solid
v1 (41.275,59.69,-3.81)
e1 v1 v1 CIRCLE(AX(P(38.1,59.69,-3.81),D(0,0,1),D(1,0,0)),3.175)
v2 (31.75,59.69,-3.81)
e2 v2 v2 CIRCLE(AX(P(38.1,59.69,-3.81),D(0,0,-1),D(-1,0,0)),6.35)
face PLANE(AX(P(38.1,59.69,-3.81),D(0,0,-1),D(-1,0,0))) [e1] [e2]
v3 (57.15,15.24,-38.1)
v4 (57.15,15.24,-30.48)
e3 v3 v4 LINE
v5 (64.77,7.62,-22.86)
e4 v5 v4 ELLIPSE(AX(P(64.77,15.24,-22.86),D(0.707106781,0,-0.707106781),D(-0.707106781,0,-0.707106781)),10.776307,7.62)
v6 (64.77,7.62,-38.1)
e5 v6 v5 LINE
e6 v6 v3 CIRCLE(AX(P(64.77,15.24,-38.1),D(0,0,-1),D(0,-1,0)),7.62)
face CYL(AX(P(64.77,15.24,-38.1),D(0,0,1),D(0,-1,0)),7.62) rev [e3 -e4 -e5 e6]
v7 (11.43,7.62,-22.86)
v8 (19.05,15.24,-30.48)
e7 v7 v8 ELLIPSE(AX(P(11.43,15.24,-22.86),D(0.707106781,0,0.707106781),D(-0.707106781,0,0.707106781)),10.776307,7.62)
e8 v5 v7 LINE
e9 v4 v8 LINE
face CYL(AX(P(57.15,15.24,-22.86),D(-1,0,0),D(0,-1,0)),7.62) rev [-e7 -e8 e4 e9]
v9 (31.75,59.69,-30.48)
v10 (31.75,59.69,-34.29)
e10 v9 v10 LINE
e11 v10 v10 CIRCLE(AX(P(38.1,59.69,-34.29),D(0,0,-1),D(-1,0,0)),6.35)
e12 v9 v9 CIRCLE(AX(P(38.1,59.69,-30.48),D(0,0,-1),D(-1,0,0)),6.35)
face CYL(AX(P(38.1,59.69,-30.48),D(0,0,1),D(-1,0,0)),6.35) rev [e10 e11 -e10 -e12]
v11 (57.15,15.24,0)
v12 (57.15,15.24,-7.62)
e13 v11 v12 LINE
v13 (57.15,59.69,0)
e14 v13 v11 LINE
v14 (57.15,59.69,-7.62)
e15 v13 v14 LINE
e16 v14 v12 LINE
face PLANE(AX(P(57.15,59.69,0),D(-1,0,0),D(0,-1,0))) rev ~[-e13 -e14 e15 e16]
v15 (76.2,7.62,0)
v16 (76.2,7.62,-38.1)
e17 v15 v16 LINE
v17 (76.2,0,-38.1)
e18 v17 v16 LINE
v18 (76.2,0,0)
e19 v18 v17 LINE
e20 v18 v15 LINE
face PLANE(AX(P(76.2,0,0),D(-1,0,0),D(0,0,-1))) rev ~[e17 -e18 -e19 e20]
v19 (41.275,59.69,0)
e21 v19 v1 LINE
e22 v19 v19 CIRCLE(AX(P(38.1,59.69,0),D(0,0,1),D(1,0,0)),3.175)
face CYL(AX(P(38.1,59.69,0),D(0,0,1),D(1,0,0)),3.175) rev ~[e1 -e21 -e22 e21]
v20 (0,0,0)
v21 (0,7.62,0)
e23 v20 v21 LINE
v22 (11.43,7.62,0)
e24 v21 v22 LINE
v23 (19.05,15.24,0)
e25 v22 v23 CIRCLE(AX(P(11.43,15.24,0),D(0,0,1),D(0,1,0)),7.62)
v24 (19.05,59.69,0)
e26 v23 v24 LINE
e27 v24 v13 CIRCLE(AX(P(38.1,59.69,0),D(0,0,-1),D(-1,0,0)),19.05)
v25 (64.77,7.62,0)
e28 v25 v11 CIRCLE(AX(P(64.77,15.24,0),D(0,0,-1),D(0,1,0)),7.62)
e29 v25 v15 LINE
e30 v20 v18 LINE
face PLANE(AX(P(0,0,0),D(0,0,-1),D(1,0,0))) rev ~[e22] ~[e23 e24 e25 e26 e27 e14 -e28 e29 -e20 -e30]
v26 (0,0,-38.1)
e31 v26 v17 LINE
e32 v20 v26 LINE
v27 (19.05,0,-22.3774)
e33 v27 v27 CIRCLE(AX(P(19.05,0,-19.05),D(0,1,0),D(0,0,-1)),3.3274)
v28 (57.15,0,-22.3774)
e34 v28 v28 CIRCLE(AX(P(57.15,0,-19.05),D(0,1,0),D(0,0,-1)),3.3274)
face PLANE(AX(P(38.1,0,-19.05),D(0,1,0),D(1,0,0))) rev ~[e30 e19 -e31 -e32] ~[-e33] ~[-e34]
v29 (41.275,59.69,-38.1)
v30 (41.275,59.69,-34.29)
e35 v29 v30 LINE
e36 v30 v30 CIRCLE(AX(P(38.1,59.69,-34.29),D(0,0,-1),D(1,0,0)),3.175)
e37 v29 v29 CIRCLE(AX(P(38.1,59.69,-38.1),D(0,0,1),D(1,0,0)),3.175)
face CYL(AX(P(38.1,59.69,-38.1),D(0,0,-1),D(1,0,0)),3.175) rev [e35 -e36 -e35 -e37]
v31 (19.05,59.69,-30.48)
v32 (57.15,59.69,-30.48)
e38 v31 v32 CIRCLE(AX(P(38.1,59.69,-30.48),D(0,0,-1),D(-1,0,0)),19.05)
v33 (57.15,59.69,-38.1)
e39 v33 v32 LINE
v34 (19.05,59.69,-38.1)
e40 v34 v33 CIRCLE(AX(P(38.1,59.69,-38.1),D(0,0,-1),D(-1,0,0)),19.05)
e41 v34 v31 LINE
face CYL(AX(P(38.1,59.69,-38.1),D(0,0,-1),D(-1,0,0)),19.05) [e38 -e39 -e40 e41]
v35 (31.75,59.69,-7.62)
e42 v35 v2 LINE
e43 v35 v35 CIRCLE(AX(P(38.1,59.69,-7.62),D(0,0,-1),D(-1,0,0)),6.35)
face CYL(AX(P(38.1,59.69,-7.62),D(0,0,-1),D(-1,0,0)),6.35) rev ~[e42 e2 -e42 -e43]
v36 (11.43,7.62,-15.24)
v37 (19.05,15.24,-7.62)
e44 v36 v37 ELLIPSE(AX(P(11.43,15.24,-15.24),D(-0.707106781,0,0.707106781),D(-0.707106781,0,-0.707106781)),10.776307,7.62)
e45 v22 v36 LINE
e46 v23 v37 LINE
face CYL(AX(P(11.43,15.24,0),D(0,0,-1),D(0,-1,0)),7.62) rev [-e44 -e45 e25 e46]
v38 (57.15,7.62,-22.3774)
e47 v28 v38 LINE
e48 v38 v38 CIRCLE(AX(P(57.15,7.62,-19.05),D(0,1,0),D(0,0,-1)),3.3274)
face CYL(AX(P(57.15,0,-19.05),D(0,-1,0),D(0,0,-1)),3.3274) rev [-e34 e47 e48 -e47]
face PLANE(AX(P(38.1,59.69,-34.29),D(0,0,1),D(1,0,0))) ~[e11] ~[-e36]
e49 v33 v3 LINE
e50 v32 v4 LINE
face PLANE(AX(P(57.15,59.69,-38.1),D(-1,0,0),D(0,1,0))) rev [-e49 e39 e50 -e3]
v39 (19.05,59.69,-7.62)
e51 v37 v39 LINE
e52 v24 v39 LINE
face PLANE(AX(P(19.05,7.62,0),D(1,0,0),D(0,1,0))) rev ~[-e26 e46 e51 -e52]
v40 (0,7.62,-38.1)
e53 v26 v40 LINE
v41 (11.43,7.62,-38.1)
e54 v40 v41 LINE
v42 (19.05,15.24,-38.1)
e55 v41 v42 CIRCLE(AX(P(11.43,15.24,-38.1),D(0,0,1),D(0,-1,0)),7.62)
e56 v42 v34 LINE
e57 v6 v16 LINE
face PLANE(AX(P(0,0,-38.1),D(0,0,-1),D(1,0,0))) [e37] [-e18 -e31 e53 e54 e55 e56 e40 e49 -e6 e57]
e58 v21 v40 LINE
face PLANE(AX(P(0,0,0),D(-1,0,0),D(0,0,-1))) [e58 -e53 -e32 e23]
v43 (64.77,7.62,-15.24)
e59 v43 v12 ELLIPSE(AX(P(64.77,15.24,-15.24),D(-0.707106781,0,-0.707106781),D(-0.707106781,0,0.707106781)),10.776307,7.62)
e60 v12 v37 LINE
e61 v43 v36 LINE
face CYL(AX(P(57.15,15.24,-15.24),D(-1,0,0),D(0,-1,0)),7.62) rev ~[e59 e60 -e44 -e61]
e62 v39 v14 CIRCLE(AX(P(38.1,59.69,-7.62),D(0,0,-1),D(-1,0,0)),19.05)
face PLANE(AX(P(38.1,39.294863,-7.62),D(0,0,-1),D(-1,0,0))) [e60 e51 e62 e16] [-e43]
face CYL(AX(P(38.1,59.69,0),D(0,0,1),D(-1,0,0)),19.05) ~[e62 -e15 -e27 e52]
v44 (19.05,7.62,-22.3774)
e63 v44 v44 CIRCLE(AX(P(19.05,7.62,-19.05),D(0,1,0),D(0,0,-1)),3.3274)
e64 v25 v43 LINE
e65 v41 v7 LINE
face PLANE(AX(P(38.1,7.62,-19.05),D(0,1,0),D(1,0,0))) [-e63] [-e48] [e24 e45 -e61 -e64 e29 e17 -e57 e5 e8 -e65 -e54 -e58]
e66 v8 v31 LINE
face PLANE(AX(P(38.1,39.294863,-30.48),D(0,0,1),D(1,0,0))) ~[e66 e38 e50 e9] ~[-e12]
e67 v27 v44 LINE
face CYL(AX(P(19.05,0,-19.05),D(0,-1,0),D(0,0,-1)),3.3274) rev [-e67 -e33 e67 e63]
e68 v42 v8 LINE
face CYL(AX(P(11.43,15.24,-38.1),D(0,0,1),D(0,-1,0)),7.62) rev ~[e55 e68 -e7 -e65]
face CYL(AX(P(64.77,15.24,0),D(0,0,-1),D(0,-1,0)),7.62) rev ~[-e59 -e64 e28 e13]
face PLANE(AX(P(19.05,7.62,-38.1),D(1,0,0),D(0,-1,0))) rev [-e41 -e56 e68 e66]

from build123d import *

# Parameters (mm, degrees)
SKETCH1_W            = 76.2
SKETCH1_H            = 38.1
SKETCH1_R            = 3.3274
BOSS_EXTRUDE1_DEPTH  = 7.62
SKETCH2_R            = 3.175
BOSS_EXTRUDE2_DEPTH  = 7.62
FILLET1_R            = 7.62
SKETCH3_R            = 6.35
CUT_EXTRUDE1_DEPTH   = 3.81
FILLET1_OF_MIRROR2_R = 7.62


with BuildPart() as part:
    # Sketch1 → Boss-Extrude1 (new body)
    with BuildSketch(Plane(origin=(0, 0, 0), x_dir=(1, 0, 0), z_dir=(0, 1, 0))):
        with Locations((38.1, 19.05)):
            Rectangle(SKETCH1_W, SKETCH1_H)
        with Locations(Location((19.05, 19.05, 0), (0, 0, 90))):
            Circle(SKETCH1_R, mode=Mode.SUBTRACT)
        with Locations(Location((57.15, 19.05, 0), (0, 0, 90))):
            Circle(SKETCH1_R, mode=Mode.SUBTRACT)
    extrude(amount=BOSS_EXTRUDE1_DEPTH)

    # Sketch2 → Boss-Extrude2 (add)
    with BuildSketch(Plane.XY):
        with BuildLine():
            Line((19.05, 7.62), (19.05, 59.69))
            ThreePointArc((19.05, 59.69), (38.1, 78.74), (57.15, 59.69))
            Line((57.15, 59.69), (57.15, 7.62))
            Line((57.15, 7.62), (19.05, 7.62))
        make_face()
        with Locations((38.1, 59.69)):
            Circle(SKETCH2_R, mode=Mode.SUBTRACT)
    boss_extrude2 = extrude(amount=-BOSS_EXTRUDE2_DEPTH)

    # Fillet1
    fillet1_edges = [part.edges().sort_by_distance(p)[0] for p in [
        (38.1, 7.62, -7.62),
        (57.15, 7.62, -3.81),
        (19.05, 7.62, -3.81),
    ]]
    fillet(fillet1_edges, radius=FILLET1_R)

    # Sketch3 → Cut-Extrude1 (cut)
    with BuildSketch(Plane(origin=(0, 0, -7.62), x_dir=(-1, 0, 0), z_dir=(0, 0, -1))):
        with Locations((-38.1, 59.69)):
            Circle(SKETCH3_R)
    cut_extrude1 = extrude(amount=-CUT_EXTRUDE1_DEPTH, mode=Mode.SUBTRACT)

    # Mirror2: Boss-Extrude2, Cut-Extrude1 across plane
    add(boss_extrude2.mirror(Plane.XY.offset(-19.05)))
    add(cut_extrude1.mirror(Plane.XY.offset(-19.05)), mode=Mode.SUBTRACT)

    # Fillet1 of Mirror2
    fillet1_of_mirror2_edges = [part.edges().sort_by_distance(p)[0] for p in [
        (38.1, 7.62, -30.48),
        (57.15, 7.62, -34.29),
        (19.05, 7.62, -34.29),
    ]]
    fillet(fillet1_of_mirror2_edges, radius=FILLET1_OF_MIRROR2_R)


solid = part.part
